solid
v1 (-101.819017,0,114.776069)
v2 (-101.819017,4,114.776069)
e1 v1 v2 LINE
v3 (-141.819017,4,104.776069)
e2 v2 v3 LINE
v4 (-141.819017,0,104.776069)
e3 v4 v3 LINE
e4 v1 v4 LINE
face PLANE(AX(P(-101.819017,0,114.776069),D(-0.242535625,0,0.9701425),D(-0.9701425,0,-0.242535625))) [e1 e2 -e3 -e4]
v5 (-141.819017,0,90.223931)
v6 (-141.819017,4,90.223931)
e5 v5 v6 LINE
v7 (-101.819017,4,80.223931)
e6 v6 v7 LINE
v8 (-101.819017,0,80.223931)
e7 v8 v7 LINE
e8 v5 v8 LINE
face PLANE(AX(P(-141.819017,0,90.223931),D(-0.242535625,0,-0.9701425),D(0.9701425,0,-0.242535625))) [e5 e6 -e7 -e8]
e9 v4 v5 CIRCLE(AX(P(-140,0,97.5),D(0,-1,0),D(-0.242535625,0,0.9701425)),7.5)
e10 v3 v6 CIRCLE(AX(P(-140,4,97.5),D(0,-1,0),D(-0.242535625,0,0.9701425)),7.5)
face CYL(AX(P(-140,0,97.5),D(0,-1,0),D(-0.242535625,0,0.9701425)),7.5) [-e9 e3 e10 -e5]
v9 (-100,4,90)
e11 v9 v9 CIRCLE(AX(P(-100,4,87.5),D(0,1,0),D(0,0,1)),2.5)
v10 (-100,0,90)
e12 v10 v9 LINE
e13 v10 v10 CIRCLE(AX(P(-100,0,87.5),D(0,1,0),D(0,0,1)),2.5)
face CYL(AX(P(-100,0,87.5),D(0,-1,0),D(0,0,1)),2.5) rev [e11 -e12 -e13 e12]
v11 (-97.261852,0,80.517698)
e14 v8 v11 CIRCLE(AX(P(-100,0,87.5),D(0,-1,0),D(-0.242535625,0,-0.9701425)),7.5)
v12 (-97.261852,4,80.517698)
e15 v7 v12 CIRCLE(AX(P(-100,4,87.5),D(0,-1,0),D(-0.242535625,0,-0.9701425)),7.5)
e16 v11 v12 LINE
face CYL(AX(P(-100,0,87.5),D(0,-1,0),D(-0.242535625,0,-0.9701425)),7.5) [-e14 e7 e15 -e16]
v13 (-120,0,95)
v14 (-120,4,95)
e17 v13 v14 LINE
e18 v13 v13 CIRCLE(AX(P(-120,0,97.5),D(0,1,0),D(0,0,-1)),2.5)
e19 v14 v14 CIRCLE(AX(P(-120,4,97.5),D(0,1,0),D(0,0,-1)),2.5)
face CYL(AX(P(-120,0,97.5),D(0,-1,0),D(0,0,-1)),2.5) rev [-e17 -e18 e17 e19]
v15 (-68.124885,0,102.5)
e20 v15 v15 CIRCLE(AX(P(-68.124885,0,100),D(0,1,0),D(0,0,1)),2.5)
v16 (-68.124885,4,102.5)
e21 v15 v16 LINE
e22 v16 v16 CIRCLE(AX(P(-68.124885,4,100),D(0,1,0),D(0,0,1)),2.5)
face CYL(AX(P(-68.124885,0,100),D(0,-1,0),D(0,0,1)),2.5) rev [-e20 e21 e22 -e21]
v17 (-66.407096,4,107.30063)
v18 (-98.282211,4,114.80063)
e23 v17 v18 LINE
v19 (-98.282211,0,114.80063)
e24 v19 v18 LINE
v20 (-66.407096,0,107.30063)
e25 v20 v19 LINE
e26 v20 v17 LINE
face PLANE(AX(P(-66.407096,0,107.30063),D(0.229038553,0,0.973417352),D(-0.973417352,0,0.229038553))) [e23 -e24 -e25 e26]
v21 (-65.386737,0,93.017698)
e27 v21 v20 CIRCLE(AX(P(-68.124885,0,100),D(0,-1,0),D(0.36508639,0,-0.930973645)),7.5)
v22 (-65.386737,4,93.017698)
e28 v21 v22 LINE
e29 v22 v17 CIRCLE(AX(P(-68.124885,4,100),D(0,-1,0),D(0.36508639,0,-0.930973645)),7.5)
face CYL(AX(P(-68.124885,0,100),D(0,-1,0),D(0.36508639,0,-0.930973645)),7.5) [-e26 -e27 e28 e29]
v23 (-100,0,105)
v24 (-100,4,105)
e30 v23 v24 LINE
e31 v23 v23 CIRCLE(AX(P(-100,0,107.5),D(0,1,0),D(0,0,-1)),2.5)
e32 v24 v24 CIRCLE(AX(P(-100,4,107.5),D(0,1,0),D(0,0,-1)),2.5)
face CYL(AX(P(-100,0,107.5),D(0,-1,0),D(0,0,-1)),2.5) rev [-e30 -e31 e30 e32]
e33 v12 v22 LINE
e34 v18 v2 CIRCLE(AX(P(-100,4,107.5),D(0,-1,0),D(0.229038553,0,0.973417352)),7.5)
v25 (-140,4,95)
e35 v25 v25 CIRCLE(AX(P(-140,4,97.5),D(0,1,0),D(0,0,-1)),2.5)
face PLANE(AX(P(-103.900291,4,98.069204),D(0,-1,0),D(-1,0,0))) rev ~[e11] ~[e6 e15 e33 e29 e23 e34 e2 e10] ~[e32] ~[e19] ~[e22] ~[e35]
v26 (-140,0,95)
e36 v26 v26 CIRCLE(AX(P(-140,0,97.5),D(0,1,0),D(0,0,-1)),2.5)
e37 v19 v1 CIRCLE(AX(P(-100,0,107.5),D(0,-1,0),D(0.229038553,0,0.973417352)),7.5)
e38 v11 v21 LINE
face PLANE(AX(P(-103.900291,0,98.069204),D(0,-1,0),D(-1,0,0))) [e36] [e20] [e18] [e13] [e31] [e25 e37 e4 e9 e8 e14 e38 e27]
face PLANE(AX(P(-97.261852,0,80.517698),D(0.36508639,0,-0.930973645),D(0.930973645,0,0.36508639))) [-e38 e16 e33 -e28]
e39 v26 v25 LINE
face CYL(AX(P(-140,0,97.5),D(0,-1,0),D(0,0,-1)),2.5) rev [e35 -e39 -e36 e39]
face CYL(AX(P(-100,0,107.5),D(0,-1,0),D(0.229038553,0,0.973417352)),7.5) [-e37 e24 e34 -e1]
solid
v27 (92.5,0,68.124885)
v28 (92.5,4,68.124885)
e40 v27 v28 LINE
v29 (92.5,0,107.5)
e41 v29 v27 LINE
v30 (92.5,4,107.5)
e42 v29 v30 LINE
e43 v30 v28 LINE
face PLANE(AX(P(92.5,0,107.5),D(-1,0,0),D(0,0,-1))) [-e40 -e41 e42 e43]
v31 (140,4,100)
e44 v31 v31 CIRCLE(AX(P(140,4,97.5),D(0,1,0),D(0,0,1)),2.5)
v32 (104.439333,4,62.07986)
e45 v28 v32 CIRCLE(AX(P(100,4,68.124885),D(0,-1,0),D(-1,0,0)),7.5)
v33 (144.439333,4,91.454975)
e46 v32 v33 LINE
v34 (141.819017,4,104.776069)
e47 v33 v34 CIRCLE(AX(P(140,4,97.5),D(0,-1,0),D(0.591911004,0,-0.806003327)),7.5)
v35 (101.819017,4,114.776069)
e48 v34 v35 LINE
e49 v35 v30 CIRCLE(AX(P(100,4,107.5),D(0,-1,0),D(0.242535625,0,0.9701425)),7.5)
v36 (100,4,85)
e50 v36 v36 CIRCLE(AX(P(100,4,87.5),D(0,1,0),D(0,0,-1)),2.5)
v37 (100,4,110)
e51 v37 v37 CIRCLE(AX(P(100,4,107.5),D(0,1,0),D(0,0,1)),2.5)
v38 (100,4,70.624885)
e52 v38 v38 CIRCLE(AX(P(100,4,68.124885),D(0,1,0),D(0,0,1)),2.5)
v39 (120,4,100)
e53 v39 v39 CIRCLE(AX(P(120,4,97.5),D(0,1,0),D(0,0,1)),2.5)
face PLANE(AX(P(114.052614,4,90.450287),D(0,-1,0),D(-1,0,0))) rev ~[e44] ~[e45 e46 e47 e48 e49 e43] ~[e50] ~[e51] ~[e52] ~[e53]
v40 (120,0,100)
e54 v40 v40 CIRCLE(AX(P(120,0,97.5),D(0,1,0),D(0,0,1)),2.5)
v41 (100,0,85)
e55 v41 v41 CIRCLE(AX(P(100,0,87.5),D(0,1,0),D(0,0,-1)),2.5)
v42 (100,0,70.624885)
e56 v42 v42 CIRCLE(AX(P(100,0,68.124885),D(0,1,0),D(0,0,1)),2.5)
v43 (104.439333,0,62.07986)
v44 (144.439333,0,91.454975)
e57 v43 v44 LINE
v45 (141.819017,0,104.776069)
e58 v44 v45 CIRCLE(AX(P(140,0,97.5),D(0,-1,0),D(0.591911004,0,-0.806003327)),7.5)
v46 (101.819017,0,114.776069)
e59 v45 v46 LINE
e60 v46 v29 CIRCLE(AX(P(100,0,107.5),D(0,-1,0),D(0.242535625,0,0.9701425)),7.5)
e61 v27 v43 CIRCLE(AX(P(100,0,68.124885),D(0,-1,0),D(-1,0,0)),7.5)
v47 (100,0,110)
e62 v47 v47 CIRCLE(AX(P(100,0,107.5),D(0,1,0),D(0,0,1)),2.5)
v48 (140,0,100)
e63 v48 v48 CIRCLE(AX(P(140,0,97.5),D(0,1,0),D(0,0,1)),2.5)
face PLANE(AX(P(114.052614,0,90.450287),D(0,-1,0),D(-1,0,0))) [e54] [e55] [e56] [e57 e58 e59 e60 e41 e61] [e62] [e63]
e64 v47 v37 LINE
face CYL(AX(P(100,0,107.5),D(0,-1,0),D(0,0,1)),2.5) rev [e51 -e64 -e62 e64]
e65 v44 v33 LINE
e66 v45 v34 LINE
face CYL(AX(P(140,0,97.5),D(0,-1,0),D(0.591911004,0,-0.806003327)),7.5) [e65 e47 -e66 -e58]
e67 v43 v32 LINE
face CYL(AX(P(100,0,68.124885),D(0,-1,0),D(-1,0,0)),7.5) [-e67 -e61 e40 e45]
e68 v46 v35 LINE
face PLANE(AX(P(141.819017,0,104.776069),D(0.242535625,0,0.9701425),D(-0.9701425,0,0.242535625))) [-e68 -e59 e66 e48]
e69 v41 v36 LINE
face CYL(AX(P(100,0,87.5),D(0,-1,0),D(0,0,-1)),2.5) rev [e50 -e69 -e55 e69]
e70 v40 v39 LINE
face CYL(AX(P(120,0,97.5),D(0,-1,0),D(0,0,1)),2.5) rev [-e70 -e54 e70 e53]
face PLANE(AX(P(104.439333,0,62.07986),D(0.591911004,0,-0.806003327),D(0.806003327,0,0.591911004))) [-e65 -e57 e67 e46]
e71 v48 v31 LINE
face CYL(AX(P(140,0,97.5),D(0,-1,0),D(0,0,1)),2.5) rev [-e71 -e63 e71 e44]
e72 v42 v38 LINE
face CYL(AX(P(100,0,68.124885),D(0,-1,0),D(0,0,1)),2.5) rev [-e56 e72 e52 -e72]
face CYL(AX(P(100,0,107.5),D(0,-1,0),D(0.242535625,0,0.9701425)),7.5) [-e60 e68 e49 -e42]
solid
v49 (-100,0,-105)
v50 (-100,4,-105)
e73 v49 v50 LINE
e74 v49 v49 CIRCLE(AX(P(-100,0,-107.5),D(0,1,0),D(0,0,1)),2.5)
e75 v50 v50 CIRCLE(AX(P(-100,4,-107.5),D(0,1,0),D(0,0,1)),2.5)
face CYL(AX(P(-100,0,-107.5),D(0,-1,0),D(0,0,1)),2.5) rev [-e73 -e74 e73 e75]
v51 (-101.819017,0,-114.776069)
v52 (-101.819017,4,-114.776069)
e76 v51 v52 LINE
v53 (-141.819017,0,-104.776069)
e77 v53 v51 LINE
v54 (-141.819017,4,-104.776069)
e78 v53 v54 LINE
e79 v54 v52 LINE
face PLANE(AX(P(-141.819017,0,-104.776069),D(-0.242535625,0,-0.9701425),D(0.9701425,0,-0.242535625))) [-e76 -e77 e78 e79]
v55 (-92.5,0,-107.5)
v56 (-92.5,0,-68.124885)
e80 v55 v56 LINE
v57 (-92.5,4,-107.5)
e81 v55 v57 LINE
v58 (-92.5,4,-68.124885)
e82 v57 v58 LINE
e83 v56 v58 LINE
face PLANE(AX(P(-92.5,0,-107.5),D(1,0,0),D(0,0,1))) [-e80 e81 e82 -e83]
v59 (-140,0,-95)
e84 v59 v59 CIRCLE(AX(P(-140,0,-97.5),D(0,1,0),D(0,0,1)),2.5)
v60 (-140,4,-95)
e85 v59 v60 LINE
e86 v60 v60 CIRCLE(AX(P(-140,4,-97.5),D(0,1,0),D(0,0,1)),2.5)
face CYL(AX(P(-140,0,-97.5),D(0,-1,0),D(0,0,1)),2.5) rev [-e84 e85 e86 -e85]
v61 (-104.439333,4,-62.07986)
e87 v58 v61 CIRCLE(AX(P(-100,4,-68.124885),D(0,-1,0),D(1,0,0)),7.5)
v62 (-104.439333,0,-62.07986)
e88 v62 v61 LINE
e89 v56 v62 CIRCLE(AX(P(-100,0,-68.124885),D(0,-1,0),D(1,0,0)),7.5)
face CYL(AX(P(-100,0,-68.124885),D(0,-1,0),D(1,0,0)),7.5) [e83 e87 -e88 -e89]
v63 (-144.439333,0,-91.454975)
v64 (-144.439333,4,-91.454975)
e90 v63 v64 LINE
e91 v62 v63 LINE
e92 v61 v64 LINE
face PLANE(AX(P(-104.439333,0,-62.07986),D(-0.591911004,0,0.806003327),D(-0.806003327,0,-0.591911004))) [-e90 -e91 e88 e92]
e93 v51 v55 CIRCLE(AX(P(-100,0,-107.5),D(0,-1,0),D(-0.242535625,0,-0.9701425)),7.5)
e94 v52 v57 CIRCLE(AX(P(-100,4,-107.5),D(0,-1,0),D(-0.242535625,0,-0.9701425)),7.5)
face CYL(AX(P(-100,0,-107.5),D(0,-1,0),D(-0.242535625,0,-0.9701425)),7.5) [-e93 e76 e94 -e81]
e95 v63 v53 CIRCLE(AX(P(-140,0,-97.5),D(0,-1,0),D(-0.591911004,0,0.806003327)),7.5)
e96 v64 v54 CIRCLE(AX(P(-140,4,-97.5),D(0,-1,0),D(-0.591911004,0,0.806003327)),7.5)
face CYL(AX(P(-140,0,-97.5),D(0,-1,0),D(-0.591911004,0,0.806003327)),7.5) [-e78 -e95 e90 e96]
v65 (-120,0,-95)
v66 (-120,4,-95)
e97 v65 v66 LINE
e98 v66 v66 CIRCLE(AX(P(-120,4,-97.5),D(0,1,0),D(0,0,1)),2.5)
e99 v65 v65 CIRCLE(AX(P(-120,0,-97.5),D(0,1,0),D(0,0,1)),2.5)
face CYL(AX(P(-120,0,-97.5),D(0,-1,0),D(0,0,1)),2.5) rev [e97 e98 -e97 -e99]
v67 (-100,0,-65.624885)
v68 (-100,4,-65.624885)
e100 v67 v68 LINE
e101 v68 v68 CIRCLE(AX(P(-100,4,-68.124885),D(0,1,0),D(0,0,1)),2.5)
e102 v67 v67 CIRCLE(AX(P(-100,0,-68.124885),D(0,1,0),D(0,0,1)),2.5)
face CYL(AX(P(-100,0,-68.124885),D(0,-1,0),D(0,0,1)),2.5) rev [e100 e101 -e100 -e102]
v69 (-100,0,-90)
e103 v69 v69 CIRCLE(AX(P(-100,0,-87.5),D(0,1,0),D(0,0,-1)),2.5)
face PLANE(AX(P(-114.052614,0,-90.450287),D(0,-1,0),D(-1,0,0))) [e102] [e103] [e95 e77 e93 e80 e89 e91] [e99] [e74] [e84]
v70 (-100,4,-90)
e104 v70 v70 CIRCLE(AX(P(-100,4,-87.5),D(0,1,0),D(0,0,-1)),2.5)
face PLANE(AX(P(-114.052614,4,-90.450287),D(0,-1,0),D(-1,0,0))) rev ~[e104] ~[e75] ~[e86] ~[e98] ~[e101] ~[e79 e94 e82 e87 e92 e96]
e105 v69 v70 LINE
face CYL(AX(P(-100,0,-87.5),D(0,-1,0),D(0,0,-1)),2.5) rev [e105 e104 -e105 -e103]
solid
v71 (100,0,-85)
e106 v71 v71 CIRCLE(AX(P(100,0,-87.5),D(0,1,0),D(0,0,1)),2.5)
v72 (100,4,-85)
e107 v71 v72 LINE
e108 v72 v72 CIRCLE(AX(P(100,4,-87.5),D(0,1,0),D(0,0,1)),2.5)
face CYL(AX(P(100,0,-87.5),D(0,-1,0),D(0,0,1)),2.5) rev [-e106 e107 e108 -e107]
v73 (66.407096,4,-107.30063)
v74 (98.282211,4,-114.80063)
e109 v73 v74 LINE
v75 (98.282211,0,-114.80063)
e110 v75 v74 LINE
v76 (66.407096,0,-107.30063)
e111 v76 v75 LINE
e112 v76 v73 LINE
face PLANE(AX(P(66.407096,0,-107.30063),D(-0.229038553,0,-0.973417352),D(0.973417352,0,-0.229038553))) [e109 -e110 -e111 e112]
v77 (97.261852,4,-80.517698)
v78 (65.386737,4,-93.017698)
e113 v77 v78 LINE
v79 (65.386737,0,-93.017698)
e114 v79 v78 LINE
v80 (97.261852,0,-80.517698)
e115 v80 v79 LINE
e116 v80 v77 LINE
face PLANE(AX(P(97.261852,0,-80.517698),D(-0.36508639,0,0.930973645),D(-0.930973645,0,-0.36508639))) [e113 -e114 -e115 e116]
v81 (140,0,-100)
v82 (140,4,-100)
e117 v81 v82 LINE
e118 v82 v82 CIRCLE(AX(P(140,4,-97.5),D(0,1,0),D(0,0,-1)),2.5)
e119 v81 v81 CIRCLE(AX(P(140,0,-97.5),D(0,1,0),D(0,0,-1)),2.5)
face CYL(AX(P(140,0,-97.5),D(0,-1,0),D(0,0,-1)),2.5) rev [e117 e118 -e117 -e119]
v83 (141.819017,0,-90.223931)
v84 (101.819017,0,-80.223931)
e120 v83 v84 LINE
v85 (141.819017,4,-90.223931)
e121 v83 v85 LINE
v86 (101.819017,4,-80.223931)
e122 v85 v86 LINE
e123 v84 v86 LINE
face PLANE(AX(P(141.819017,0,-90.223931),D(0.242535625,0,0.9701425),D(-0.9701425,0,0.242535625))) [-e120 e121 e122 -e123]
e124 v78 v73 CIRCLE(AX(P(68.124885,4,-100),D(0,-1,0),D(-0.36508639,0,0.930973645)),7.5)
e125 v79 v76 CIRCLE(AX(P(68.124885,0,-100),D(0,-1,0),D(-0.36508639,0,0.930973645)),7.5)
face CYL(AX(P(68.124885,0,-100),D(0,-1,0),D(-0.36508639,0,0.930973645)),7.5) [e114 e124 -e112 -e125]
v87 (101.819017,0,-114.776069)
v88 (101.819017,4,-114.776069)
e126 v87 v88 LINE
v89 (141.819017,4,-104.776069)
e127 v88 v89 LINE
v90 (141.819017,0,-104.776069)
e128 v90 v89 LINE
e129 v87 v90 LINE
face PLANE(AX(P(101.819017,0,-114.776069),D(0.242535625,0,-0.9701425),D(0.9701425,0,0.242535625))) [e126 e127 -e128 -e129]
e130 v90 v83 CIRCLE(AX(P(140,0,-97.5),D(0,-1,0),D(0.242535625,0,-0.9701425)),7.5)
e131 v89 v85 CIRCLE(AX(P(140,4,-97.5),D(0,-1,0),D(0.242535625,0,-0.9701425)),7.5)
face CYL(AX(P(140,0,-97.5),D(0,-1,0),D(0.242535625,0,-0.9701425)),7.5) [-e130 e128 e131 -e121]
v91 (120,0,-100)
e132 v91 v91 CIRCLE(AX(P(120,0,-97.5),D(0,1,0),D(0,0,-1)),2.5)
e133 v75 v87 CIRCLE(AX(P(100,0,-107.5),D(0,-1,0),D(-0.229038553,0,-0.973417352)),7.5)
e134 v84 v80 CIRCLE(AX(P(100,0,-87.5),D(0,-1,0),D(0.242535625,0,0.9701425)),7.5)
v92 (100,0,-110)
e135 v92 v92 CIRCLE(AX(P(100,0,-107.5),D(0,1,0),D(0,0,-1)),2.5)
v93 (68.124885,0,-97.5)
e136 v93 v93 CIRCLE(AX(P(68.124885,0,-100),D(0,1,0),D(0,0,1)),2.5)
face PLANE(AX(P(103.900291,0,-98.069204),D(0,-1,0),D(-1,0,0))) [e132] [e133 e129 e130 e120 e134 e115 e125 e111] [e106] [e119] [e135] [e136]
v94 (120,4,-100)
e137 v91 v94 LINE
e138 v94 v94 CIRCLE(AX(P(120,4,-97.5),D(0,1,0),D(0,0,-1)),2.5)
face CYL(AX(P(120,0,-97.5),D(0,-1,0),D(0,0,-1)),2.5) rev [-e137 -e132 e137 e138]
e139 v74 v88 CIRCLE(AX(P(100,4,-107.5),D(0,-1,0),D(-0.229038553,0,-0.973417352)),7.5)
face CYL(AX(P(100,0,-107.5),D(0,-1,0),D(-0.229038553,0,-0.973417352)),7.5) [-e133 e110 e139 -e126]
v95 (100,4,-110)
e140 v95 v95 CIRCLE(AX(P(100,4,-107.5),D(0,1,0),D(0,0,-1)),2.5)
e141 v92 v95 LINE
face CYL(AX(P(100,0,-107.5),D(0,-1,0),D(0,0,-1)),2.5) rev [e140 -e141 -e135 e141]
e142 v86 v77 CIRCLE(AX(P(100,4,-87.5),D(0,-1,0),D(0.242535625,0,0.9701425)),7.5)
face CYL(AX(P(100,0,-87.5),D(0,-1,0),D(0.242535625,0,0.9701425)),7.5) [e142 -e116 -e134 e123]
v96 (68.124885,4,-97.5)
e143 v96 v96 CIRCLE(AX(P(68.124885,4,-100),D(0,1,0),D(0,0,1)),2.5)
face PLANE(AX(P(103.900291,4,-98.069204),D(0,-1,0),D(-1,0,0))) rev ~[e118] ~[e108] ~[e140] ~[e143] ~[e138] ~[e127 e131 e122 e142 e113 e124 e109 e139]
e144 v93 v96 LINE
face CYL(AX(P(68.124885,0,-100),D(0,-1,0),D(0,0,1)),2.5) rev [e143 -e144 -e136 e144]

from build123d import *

# Parameters (mm, degrees)
SKETCH1_R             = 2.5
BOSS_EXTRUDE1_DEPTH   = 4
BOSS_EXTRUDE1_2_DEPTH = 4
BOSS_EXTRUDE1_3_DEPTH = 4
BOSS_EXTRUDE1_4_DEPTH = 4


with BuildPart() as part:
    # Sketch1 → Boss-Extrude1 (new body)
    with BuildSketch(Plane(origin=(0, 0, 0), x_dir=(1, 0, 0), z_dir=(0, 1, 0))):
        with BuildLine():
            Line((-141.819017188, 104.776068751), (-101.819017188, 114.776068751))
            ThreePointArc((-101.819017188, 114.776068751), (-95.384408429, 113.411540785), (-92.5, 107.5))
            Line((-92.5, 107.5), (-92.5, 68.124885321))
            ThreePointArc((-92.5, 68.124885321), (-96.612153633, 61.433659948), (-104.439332531, 62.079860368))
            Line((-104.439332531, 62.079860368), (-144.439332531, 91.454975047))
            ThreePointArc((-144.439332531, 91.454975047), (-147.358982244, 98.94754286), (-141.819017188, 104.776068751))
        make_face()
        with Locations(Location((-140, 97.5, 0), (0, 0, 270))):
            Circle(SKETCH1_R, mode=Mode.SUBTRACT)
        with Locations(Location((-120, 97.5, 0), (0, 0, 270))):
            Circle(SKETCH1_R, mode=Mode.SUBTRACT)
        with Locations(Location((-100, 107.5, 0), (0, 0, 270))):
            Circle(SKETCH1_R, mode=Mode.SUBTRACT)
        with Locations(Location((-100, 87.5, 0), (0, 0, 90))):
            Circle(SKETCH1_R, mode=Mode.SUBTRACT)
        with Locations(Location((-100, 68.124885321, 0), (0, 0, 270))):
            Circle(SKETCH1_R, mode=Mode.SUBTRACT)
    extrude(amount=BOSS_EXTRUDE1_DEPTH)


with BuildPart() as body_2:
    # Sketch1 → Boss-Extrude1 2 (new body)
    with BuildSketch(Plane(origin=(0, 0, 0), x_dir=(1, 0, 0), z_dir=(0, 1, 0))):
        with BuildLine():
            Line((-141.819017188, -90.223931249), (-101.819017188, -80.223931249))
            ThreePointArc((-101.819017188, -80.223931249), (-99.517532378, -80.015534422), (-97.261852072, -80.517697663))
            Line((-97.261852072, -80.517697663), (-65.386737393, -93.017697663))
            ThreePointArc((-65.386737393, -93.017697663), (-60.643950631, -100.534430686), (-66.407096174, -107.30063014))
            Line((-66.407096174, -107.30063014), (-98.282210853, -114.80063014))
            ThreePointArc((-98.282210853, -114.80063014), (-100.052082574, -114.999819158), (-101.819017188, -114.776068751))
            Line((-101.819017188, -114.776068751), (-141.819017188, -104.776068751))
            ThreePointArc((-141.819017188, -104.776068751), (-147.5, -97.5), (-141.819017188, -90.223931249))
        make_face()
        with Locations(Location((-68.124885321, -100, 0), (0, 0, 270))):
            Circle(SKETCH1_R, mode=Mode.SUBTRACT)
        with Locations(Location((-100, -87.5, 0), (0, 0, 270))):
            Circle(SKETCH1_R, mode=Mode.SUBTRACT)
        with Locations(Location((-100, -107.5, 0), (0, 0, 90))):
            Circle(SKETCH1_R, mode=Mode.SUBTRACT)
        with Locations(Location((-120, -97.5, 0), (0, 0, 90))):
            Circle(SKETCH1_R, mode=Mode.SUBTRACT)
        with Locations(Location((-140, -97.5, 0), (0, 0, 90))):
            Circle(SKETCH1_R, mode=Mode.SUBTRACT)
    extrude(amount=BOSS_EXTRUDE1_2_DEPTH)


with BuildPart() as body_3:
    # Sketch1 → Boss-Extrude1 3 (new body)
    with BuildSketch(Plane(origin=(0, 0, 0), x_dir=(1, 0, 0), z_dir=(0, 1, 0))):
        with BuildLine():
            Line((141.819017188, -104.776068751), (101.819017188, -114.776068751))
            ThreePointArc((101.819017188, -114.776068751), (95.384408429, -113.411540785), (92.5, -107.5))
            Line((92.5, -107.5), (92.5, -68.124885321))
            ThreePointArc((92.5, -68.124885321), (96.612153633, -61.433659948), (104.439332531, -62.079860368))
            Line((104.439332531, -62.079860368), (144.439332531, -91.454975047))
            ThreePointArc((144.439332531, -91.454975047), (147.358982244, -98.94754286), (141.819017188, -104.776068751))
        make_face()
        with Locations(Location((140, -97.5, 0), (0, 0, 270))):
            Circle(SKETCH1_R, mode=Mode.SUBTRACT)
        with Locations(Location((120, -97.5, 0), (0, 0, 270))):
            Circle(SKETCH1_R, mode=Mode.SUBTRACT)
        with Locations(Location((100, -107.5, 0), (0, 0, 270))):
            Circle(SKETCH1_R, mode=Mode.SUBTRACT)
        with Locations(Location((100, -87.5, 0), (0, 0, 90))):
            Circle(SKETCH1_R, mode=Mode.SUBTRACT)
        with Locations(Location((100, -68.124885321, 0), (0, 0, 270))):
            Circle(SKETCH1_R, mode=Mode.SUBTRACT)
    extrude(amount=BOSS_EXTRUDE1_3_DEPTH)


with BuildPart() as body_4:
    # Sketch1 → Boss-Extrude1 4 (new body)
    with BuildSketch(Plane(origin=(0, 0, 0), x_dir=(1, 0, 0), z_dir=(0, 1, 0))):
        with BuildLine():
            Line((141.819017188, 90.223931249), (101.819017188, 80.223931249))
            ThreePointArc((101.819017188, 80.223931249), (99.517532378, 80.015534422), (97.261852072, 80.517697663))
            Line((97.261852072, 80.517697663), (65.386737393, 93.017697663))
            ThreePointArc((65.386737393, 93.017697663), (60.643950631, 100.534430686), (66.407096174, 107.30063014))
            Line((66.407096174, 107.30063014), (98.282210853, 114.80063014))
            ThreePointArc((98.282210853, 114.80063014), (100.052082574, 114.999819158), (101.819017188, 114.776068751))
            Line((101.819017188, 114.776068751), (141.819017188, 104.776068751))
            ThreePointArc((141.819017188, 104.776068751), (147.5, 97.5), (141.819017188, 90.223931249))
        make_face()
        with Locations(Location((68.124885321, 100, 0), (0, 0, 270))):
            Circle(SKETCH1_R, mode=Mode.SUBTRACT)
        with Locations(Location((100, 87.5, 0), (0, 0, 270))):
            Circle(SKETCH1_R, mode=Mode.SUBTRACT)
        with Locations(Location((100, 107.5, 0), (0, 0, 90))):
            Circle(SKETCH1_R, mode=Mode.SUBTRACT)
        with Locations(Location((120, 97.5, 0), (0, 0, 90))):
            Circle(SKETCH1_R, mode=Mode.SUBTRACT)
        with Locations(Location((140, 97.5, 0), (0, 0, 90))):
            Circle(SKETCH1_R, mode=Mode.SUBTRACT)
    extrude(amount=BOSS_EXTRUDE1_4_DEPTH)


solid = Compound([part.part, body_2.part, body_3.part, body_4.part])
